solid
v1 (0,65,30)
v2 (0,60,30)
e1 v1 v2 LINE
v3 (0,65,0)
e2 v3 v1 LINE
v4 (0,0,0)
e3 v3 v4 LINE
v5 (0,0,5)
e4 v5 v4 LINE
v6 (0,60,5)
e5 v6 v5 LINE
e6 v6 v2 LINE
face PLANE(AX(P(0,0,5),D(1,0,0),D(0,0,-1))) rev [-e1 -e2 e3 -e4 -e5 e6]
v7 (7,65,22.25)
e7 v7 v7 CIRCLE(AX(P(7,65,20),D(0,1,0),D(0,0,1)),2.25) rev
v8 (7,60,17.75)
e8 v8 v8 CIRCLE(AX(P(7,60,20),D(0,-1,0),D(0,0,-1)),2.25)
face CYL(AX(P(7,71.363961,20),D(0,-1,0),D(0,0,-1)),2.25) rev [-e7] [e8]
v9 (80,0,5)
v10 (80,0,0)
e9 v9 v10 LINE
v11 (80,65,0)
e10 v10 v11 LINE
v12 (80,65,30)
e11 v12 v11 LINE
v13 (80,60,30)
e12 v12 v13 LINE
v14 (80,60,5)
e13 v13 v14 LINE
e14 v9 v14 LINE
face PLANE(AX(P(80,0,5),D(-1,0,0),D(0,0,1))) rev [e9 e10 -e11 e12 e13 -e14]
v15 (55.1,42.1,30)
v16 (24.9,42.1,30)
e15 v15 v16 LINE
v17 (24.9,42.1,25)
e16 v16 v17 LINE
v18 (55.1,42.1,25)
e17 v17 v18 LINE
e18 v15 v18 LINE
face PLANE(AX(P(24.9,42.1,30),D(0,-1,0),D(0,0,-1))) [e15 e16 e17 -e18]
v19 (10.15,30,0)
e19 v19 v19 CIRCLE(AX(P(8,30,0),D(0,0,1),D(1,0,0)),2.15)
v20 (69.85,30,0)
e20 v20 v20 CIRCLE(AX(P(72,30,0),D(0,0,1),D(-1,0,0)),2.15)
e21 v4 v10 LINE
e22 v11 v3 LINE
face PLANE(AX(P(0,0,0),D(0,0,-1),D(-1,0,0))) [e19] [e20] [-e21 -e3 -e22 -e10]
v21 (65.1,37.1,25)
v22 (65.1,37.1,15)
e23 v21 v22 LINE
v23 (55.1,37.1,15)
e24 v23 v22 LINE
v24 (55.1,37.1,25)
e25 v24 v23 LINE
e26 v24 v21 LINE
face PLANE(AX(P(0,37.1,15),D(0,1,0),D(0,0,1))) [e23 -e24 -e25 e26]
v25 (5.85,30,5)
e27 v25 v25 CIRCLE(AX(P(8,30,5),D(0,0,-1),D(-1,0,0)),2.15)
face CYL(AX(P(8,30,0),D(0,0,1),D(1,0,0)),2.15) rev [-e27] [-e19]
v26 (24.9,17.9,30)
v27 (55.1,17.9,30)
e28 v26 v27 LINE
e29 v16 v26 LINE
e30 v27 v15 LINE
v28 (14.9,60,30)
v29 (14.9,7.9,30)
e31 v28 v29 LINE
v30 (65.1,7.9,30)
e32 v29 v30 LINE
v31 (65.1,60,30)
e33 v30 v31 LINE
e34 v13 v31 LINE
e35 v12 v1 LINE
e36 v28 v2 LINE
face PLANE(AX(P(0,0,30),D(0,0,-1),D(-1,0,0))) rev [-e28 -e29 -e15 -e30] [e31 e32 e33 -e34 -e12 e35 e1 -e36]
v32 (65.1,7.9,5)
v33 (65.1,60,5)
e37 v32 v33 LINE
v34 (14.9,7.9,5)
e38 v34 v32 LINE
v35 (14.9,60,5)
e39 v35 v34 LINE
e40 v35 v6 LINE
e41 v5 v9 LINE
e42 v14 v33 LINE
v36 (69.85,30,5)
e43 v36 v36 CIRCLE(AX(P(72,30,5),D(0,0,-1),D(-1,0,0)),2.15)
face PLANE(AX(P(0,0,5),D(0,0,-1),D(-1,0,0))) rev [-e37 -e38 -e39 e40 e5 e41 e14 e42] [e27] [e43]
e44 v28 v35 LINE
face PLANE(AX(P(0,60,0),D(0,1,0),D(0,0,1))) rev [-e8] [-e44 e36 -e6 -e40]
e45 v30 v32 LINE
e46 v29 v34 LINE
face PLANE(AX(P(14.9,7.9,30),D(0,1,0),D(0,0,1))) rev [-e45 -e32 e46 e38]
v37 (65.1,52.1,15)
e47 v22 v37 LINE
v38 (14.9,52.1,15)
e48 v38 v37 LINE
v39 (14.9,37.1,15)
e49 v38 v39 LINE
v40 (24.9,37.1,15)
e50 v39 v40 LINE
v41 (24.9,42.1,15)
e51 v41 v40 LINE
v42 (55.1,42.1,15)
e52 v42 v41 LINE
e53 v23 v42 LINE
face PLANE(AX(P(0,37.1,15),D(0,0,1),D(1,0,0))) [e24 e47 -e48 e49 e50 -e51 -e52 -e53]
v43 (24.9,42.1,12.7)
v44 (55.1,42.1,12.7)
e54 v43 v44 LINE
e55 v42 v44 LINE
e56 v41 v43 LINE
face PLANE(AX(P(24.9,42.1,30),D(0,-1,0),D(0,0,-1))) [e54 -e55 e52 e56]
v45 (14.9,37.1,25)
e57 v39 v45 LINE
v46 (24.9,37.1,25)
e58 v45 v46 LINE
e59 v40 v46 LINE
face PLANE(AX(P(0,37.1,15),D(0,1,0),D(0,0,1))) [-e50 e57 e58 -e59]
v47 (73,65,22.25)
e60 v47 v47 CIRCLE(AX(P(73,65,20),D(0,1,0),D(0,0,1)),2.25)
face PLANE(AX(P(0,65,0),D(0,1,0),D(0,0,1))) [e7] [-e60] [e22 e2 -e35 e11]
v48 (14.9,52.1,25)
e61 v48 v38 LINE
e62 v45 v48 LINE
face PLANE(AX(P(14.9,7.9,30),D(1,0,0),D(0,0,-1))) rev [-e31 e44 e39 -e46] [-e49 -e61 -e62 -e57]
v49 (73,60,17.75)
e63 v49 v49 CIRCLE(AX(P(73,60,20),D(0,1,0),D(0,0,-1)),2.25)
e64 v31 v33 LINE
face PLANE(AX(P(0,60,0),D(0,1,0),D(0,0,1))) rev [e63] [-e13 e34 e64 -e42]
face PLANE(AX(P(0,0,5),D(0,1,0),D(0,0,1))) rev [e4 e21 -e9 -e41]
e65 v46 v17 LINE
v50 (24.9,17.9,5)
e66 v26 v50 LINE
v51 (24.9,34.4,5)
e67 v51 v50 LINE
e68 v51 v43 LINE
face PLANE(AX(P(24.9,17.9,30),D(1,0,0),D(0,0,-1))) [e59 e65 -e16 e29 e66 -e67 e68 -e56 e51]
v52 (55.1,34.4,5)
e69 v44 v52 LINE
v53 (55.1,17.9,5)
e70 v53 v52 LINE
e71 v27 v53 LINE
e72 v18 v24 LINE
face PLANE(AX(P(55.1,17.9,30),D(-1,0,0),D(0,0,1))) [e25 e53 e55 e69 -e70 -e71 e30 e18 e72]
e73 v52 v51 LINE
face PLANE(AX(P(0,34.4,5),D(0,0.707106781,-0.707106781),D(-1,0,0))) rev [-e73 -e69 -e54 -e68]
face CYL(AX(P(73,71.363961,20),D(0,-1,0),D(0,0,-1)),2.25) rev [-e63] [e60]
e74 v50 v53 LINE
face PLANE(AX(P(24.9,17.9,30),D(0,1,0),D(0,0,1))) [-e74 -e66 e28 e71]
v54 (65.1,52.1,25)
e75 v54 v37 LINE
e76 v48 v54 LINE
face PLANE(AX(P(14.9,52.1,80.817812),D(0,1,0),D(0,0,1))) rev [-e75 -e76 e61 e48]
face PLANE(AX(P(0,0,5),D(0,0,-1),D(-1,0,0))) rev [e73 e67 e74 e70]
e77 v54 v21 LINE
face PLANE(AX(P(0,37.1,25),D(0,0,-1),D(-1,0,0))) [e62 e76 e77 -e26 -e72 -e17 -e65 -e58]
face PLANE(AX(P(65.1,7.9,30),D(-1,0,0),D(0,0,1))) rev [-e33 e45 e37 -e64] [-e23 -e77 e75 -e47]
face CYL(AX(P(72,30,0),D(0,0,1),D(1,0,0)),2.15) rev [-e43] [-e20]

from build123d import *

# Parameters (mm, degrees)
SKETCH1_W               = 80
SKETCH1_H               = 60
BOSS_EXTRUDE1_DEPTH     = 5
SKETCH2_W               = 50.2
SKETCH2_H               = 44.2
SKETCH2_W_2             = 30.2
SKETCH2_H_2             = 24.2
BOSS_EXTRUDE2_DEPTH     = 25
CUT_EXTRUDE1_DEPTH      = 87.810195254
CUT_EXTRUDE1_DEPTH_BACK = 87.810195254
SKETCH3_W               = 10
SKETCH3_H               = 15
SKETCH4_W               = 50.2
SKETCH4_H               = 7.9
BOSS_EXTRUDE3_DEPTH     = 25
CHAMFER1_SIZE           = 7.7
SKETCH5_W               = 14.9
SKETCH5_H               = 25
BOSS_EXTRUDE4_DEPTH     = 5
SKETCH6_R               = 2.25
CUT_EXTRUDE3_DEPTH      = 5
CUT_EXTRUDE4_DEPTH      = 107.066017178
CUT_EXTRUDE4_DEPTH_BACK = 107.066017178
SKETCH7_R               = 2.15


with BuildPart() as part:
    # Sketch1 → Boss-Extrude1 (new body)
    with BuildSketch(Plane.XY):
        with Locations((40, 30)):
            Rectangle(SKETCH1_W, SKETCH1_H)
    extrude(amount=BOSS_EXTRUDE1_DEPTH)

    # Sketch2 → Boss-Extrude2 (add)
    with BuildSketch(Plane.XY.offset(5)):
        with Locations((40, 30)):
            Rectangle(SKETCH2_W, SKETCH2_H)
        with Locations((40, 30)):
            Rectangle(SKETCH2_W_2, SKETCH2_H_2, mode=Mode.SUBTRACT)
    extrude(amount=BOSS_EXTRUDE2_DEPTH)

    # Sketch3 → Cut-Extrude1 (cut, two sides: drawn at the far end of the back side and taken through both)
    with BuildSketch(Plane.ZY.offset(-55.1).offset(-CUT_EXTRUDE1_DEPTH_BACK)):
        with Locations((20, 44.6)):
            Rectangle(SKETCH3_W, SKETCH3_H)
    extrude(amount=CUT_EXTRUDE1_DEPTH + CUT_EXTRUDE1_DEPTH_BACK, mode=Mode.SUBTRACT)

    # Sketch4 → Boss-Extrude3 (add)
    with BuildSketch(Plane.XY.offset(5)):
        with Locations((40, 56.05)):
            Rectangle(SKETCH4_W, SKETCH4_H)
    extrude(amount=BOSS_EXTRUDE3_DEPTH)

    # Chamfer1
    chamfer1_edges = [part.edges().sort_by_distance(p)[0] for p in [
        (40, 42.1, 5),
    ]]
    chamfer(chamfer1_edges, length=CHAMFER1_SIZE)

    # Sketch5 → Boss-Extrude4 (add)
    with BuildSketch(Plane(origin=(0, 60, 0), x_dir=(1, 0, 0), z_dir=(0, 1, 0))):
        with Locations((7.45, -17.5)):
            Rectangle(SKETCH5_W, SKETCH5_H)
        Polygon((80, -5), (80, 0), (0, 0), (0, -5), (14.9, -5), (14.9, -30), (65.1, -30), (65.1, -5), align=None)
        with Locations((72.55, -17.5)):
            Rectangle(SKETCH5_W, SKETCH5_H)
    extrude(amount=BOSS_EXTRUDE4_DEPTH)

    # Sketch6 → Cut-Extrude3 (cut)
    with BuildSketch(Plane.XZ.offset(-60)):
        with Locations(Location((7, 20, 0), (0, 0, 270))):
            Circle(SKETCH6_R)
    cut_extrude3 = extrude(amount=-CUT_EXTRUDE3_DEPTH, mode=Mode.SUBTRACT)

    # Mirror1: Cut-Extrude3 across plane
    add(cut_extrude3.mirror(Plane.ZY.offset(-40)), mode=Mode.SUBTRACT)

    # Sketch7 → Cut-Extrude4 (cut, two sides: drawn at the far end of the back side and taken through both)
    with BuildSketch(Plane.XY.offset(5).offset(-CUT_EXTRUDE4_DEPTH_BACK)):
        with Locations((8, 30)):
            Circle(SKETCH7_R)
        with Locations(Location((72, 30, 0), (0, 0, 180))):
            Circle(SKETCH7_R)
    extrude(amount=CUT_EXTRUDE4_DEPTH + CUT_EXTRUDE4_DEPTH_BACK, mode=Mode.SUBTRACT)


solid = part.part
